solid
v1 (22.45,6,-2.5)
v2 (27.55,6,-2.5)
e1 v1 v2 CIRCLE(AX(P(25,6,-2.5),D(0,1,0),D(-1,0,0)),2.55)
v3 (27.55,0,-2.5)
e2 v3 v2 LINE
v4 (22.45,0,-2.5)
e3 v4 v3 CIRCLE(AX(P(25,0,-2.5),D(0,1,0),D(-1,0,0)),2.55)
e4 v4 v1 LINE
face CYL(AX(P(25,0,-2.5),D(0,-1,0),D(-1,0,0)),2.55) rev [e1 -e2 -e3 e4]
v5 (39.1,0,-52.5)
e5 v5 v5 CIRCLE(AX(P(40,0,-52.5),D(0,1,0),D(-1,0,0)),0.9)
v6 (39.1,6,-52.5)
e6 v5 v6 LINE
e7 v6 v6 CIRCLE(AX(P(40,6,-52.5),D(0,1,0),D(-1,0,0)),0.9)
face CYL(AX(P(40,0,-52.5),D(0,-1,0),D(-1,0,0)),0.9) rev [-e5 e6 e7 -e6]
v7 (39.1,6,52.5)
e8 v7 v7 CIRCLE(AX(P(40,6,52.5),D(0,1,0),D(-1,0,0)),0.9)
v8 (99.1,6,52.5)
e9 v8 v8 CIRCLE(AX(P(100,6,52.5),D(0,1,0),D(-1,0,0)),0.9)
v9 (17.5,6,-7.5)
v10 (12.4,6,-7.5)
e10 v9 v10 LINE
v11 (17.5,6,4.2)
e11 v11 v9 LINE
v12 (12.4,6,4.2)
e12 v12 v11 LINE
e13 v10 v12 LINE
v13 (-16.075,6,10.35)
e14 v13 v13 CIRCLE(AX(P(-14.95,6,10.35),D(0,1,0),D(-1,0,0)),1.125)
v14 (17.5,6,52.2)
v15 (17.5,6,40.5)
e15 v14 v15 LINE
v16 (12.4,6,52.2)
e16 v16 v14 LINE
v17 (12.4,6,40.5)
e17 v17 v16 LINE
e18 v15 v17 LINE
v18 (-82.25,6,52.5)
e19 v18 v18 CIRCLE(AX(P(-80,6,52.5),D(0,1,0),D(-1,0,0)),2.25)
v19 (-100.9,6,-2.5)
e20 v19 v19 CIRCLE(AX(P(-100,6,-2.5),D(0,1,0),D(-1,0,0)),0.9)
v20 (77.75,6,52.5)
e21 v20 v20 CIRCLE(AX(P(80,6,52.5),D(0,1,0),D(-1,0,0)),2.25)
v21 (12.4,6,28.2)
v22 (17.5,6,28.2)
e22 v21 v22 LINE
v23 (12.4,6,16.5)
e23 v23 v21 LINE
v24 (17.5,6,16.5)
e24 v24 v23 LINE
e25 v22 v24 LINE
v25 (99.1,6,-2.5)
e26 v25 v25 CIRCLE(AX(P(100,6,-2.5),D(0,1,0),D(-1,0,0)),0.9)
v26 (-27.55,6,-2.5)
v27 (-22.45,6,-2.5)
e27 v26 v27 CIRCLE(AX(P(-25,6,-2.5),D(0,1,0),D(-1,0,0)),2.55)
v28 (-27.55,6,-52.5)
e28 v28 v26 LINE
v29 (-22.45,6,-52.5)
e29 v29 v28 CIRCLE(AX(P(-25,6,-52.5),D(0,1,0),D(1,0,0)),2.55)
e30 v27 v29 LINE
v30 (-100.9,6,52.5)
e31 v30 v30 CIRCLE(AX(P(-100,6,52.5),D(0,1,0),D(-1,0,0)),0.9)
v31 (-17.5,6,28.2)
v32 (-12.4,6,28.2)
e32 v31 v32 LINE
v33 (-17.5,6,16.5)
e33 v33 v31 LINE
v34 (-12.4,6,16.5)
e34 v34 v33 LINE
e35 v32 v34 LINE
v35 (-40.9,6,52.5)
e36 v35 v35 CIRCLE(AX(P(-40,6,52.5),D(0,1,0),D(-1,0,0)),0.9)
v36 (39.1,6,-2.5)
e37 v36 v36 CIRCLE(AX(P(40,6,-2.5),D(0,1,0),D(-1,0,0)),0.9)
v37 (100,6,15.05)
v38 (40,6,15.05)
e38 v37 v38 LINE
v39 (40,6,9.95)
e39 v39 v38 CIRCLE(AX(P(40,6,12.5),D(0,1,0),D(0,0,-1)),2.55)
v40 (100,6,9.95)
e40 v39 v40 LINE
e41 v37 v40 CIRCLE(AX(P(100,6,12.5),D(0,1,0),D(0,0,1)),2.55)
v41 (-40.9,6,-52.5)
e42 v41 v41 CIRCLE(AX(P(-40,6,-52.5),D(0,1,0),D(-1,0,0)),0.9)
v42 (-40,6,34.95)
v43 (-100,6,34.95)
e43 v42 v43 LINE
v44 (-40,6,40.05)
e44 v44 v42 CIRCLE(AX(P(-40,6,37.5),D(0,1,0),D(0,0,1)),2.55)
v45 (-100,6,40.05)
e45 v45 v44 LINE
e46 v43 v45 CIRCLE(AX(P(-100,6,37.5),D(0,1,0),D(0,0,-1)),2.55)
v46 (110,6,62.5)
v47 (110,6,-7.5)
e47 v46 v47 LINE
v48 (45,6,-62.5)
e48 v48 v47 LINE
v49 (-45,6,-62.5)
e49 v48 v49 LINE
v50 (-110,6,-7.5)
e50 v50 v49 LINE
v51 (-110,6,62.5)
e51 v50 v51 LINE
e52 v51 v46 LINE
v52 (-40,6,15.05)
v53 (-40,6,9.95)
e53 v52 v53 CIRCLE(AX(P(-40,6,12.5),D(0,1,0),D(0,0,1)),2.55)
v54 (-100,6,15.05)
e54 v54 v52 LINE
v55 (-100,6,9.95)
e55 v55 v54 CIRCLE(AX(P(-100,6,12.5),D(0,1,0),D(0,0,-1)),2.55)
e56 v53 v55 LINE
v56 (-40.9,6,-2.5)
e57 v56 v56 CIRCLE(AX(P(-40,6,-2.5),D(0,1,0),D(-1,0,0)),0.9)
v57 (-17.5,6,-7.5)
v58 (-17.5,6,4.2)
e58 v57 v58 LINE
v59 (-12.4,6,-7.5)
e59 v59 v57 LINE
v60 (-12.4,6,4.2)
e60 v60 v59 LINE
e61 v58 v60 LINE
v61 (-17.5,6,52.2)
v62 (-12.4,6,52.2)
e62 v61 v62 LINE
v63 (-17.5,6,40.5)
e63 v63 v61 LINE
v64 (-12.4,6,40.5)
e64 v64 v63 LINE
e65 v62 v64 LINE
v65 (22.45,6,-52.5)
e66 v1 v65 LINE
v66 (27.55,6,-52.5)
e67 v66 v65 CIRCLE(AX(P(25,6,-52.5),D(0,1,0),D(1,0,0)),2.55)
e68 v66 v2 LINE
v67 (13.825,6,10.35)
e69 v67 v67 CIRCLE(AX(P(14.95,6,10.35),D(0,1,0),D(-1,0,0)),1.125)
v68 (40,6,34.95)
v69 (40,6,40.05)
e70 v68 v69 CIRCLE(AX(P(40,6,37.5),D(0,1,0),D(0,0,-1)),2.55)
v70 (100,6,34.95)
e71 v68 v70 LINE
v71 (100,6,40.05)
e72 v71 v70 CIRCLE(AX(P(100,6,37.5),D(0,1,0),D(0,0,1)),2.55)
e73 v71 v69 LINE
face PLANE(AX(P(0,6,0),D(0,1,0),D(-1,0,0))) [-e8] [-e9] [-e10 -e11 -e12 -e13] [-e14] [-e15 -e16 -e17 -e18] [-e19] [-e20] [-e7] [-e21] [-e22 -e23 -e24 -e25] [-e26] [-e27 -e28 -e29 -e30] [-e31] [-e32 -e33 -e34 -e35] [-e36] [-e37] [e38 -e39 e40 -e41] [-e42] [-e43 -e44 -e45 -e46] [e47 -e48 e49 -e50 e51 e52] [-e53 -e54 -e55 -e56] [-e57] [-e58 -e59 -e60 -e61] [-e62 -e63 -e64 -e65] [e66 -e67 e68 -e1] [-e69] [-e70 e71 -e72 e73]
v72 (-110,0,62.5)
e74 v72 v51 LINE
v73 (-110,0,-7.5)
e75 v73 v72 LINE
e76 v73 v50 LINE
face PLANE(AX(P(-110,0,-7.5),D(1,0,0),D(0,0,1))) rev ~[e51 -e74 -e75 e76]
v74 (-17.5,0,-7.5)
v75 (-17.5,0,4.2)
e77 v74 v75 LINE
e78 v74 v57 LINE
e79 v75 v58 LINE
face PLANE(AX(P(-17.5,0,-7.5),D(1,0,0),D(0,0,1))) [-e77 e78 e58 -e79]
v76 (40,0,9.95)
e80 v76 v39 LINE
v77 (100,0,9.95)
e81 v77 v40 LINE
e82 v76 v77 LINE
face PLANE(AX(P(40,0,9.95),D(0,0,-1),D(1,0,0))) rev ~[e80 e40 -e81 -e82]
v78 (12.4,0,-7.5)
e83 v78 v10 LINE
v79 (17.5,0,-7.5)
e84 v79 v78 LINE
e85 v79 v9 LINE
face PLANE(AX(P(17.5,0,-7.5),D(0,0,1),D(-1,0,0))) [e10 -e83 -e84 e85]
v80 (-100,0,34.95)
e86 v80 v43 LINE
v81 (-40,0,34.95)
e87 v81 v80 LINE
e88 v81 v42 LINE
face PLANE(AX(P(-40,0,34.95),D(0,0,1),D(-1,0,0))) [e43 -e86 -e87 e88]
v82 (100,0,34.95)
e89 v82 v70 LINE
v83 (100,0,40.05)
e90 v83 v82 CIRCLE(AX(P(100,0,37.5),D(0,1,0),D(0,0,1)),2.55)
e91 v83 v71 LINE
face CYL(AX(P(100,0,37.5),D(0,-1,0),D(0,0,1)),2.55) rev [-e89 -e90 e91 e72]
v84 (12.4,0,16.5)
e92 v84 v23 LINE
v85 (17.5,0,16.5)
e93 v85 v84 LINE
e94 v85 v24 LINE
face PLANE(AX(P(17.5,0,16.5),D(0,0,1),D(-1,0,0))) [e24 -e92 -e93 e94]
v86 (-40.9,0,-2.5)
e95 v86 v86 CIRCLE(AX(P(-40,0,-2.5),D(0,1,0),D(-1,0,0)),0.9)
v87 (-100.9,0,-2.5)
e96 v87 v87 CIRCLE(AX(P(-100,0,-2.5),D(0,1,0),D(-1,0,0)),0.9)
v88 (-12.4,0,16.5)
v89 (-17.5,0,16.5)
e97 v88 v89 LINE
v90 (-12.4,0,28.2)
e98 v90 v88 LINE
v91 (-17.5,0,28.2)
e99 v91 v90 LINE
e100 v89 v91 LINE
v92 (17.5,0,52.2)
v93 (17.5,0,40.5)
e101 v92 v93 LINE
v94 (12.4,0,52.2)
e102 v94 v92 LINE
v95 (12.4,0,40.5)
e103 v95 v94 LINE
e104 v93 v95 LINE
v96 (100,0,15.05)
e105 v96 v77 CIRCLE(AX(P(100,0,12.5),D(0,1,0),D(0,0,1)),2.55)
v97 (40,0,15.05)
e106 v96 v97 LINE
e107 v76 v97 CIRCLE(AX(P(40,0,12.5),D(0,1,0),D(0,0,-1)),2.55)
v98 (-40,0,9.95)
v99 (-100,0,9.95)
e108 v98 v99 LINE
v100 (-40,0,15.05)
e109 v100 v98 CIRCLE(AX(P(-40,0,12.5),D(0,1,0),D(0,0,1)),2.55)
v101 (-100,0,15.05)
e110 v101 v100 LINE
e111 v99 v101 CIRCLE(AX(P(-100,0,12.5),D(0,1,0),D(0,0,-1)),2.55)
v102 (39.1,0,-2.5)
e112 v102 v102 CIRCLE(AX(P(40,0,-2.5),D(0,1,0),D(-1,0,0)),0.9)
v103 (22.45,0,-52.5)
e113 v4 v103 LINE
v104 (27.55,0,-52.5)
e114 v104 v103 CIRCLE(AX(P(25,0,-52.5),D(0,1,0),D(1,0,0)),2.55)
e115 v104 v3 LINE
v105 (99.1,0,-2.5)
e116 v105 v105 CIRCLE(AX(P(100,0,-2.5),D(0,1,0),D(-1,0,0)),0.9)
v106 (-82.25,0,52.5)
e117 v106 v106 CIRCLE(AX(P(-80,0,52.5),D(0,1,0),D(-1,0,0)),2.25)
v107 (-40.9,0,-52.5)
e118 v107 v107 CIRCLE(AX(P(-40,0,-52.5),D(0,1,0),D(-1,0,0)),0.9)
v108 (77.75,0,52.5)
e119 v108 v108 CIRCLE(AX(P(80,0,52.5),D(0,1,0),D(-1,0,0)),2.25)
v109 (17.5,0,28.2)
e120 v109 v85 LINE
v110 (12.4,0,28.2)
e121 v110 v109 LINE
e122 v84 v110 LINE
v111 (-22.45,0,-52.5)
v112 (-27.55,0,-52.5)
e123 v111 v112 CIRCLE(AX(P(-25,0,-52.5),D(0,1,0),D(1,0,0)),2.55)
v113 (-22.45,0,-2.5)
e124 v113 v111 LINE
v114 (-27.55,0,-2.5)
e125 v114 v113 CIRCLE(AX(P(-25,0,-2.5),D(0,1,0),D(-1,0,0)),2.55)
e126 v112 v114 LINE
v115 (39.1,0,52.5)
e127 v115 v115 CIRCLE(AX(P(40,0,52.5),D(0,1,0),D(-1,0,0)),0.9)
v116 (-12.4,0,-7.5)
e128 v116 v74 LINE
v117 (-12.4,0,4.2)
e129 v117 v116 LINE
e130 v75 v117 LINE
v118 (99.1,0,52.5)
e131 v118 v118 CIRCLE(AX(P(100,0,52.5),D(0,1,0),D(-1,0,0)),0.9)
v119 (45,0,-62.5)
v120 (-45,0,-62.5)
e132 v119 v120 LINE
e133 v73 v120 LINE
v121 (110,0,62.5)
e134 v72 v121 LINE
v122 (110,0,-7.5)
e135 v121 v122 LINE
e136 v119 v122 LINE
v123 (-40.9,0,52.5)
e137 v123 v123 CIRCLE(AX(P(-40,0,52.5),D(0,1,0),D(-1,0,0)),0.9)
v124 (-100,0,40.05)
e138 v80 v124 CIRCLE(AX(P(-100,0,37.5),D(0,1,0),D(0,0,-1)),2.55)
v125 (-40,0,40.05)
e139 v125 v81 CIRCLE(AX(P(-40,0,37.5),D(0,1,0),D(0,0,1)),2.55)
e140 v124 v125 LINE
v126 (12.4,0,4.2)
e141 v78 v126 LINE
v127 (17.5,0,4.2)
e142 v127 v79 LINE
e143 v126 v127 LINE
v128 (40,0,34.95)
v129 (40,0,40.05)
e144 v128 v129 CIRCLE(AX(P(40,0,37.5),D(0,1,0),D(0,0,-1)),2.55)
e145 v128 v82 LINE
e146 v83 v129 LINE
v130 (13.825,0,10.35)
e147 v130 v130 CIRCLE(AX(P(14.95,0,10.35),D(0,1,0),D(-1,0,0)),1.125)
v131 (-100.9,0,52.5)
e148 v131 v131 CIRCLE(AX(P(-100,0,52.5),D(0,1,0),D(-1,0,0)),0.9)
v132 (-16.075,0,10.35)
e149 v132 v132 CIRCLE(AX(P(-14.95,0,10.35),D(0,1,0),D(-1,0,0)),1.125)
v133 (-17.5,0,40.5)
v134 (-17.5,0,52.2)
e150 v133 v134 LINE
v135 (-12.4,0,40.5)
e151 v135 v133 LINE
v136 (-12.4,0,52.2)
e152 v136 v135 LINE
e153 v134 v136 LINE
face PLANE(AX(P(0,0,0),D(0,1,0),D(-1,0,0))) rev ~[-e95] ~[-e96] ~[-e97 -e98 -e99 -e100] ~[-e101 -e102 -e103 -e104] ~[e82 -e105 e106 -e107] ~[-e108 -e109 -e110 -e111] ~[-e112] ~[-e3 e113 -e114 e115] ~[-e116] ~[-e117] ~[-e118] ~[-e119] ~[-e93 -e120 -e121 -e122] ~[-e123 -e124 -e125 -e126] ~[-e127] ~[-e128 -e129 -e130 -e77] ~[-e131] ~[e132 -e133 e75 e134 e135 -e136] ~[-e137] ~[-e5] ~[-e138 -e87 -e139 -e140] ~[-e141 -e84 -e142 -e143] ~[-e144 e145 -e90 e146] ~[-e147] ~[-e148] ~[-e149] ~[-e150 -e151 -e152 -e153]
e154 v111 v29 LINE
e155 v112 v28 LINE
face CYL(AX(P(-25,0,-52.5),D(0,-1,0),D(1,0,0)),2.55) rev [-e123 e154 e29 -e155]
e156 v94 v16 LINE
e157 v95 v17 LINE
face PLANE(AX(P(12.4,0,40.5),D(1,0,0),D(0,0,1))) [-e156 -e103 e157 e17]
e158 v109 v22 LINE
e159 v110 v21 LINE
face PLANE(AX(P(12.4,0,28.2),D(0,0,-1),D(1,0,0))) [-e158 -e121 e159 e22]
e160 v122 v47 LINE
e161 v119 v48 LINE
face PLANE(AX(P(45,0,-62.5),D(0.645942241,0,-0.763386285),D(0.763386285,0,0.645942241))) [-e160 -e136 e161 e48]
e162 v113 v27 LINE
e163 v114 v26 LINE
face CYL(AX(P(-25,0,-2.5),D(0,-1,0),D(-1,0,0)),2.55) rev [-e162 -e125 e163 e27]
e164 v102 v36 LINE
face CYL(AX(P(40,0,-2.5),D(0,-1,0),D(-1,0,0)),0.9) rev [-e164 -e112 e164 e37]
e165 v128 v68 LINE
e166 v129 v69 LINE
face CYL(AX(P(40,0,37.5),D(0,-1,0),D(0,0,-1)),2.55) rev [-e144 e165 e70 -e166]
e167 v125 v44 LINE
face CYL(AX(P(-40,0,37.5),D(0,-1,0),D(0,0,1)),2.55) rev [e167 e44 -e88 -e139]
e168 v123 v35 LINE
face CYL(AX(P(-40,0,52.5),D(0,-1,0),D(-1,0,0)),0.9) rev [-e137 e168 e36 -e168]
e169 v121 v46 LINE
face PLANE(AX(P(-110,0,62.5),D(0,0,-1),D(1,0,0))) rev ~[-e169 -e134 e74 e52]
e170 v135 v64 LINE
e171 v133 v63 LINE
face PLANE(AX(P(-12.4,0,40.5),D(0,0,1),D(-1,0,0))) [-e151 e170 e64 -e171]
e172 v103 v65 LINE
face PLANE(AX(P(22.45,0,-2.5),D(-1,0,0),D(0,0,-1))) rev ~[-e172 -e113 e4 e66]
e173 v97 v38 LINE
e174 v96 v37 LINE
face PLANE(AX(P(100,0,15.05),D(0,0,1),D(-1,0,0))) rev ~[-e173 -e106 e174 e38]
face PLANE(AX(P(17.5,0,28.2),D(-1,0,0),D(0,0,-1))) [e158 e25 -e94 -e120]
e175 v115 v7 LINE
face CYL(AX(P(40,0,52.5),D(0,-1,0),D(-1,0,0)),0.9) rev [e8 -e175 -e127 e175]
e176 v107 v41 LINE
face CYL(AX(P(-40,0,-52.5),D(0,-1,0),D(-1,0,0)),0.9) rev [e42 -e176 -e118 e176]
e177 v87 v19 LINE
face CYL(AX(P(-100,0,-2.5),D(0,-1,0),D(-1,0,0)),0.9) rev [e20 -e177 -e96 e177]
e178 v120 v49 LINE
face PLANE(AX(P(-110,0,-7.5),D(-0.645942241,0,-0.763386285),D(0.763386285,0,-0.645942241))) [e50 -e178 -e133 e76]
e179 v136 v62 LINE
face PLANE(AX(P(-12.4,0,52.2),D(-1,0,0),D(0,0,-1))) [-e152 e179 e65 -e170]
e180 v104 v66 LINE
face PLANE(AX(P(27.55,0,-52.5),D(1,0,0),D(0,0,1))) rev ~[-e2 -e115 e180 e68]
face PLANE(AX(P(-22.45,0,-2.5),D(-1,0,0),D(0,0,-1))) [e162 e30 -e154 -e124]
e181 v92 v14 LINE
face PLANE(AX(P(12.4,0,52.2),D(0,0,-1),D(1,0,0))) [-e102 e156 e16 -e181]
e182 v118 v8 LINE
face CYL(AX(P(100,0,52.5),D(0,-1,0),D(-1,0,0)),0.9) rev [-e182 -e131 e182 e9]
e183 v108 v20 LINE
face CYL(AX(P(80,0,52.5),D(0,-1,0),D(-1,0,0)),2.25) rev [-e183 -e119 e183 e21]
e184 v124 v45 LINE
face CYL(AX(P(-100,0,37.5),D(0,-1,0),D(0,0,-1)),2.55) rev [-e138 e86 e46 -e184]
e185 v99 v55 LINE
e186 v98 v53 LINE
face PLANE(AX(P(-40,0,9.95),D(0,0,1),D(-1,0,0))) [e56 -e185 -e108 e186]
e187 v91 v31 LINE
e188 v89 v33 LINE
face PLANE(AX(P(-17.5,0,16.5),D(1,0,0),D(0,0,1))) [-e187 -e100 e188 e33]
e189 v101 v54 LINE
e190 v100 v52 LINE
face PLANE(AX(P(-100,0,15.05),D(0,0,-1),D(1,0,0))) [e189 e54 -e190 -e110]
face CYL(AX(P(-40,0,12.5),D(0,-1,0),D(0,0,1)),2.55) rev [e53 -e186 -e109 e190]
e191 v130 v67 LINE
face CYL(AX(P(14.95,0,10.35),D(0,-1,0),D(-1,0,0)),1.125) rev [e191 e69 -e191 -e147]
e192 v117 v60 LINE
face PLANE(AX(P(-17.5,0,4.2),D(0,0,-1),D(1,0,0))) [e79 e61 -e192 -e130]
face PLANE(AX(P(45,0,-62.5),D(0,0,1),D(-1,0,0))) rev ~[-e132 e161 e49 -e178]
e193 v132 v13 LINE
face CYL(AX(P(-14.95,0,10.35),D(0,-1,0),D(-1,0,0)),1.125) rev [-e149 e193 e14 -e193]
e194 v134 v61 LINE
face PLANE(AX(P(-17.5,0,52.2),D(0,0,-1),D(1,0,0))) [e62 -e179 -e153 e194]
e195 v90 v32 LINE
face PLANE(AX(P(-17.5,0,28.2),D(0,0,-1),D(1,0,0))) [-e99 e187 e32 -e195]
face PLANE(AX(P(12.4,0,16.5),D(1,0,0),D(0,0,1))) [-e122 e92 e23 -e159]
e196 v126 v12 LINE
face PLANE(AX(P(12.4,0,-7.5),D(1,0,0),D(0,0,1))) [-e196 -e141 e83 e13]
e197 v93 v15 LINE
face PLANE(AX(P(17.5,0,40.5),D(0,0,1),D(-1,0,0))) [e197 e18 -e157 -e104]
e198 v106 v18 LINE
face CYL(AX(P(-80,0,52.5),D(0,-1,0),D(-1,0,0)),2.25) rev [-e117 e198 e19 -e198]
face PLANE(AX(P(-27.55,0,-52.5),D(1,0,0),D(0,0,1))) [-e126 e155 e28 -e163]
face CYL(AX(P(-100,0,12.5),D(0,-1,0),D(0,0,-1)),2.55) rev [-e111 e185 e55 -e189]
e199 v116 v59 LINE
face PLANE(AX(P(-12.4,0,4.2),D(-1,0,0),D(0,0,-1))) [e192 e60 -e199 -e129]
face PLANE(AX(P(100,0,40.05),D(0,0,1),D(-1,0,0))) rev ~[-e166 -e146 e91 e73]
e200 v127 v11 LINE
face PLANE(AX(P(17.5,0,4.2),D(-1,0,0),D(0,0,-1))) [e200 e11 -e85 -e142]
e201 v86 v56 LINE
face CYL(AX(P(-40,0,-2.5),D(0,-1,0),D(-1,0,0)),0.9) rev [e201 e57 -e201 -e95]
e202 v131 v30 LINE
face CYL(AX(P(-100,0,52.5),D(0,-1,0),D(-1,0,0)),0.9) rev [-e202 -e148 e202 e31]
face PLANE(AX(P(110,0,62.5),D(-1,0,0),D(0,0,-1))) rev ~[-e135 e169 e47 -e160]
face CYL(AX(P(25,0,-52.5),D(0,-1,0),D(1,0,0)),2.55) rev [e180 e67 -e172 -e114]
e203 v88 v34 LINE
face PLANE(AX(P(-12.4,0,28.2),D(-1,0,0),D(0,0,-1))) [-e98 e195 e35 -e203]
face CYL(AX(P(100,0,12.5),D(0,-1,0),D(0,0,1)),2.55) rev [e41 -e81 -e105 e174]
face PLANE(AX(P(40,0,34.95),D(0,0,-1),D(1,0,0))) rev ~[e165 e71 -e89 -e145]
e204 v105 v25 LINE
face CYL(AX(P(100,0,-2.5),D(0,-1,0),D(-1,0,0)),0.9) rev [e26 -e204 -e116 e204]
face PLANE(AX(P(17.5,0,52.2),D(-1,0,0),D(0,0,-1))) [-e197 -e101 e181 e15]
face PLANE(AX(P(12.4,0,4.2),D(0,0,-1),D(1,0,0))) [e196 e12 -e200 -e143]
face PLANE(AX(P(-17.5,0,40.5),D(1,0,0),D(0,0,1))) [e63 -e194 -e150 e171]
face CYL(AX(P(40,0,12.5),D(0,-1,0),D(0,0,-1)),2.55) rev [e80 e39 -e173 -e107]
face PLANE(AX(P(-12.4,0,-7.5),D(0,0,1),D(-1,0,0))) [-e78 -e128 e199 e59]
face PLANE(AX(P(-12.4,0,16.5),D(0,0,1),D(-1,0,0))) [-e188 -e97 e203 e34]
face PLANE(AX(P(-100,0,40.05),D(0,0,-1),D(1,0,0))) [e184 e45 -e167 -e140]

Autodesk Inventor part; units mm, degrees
ref_plane "YZ Plane" through (0, 0, 0) normal (1, 0, 0) x (0, 1, 0)
ref_plane "XZ Plane" through (0, 0, 0) normal (0, 1, 0) x (-1, 0, 0)
ref_plane "XY Plane" through (0, 0, 0) normal (0, 0, 1) x (1, 0, 0)
sketch "Sketch2" plane through (0, 0, 0) normal (0, 1, 0) x (-1, 0, 0)
  line L0 (110, 62.5) -> (-110, 62.5)
  line L1 (-110, 62.5) -> (-110, -62.5)
  line L2 (-110, -62.5) -> (110, -62.5)
  line L3 (110, -62.5) -> (110, 62.5)
  line L4 (110, 62.5) -> (-110, -62.5) construction
  line L5 (-110, 62.5) -> (110, -62.5) construction
  line L6 (12.4, -7.5) -> (17.5, -7.5)
  line L7 (17.5, -7.5) -> (17.5, 4.2)
  line L8 (17.5, 4.2) -> (12.4, 4.2)
  line L9 (12.4, 4.2) -> (12.4, -7.5)
  line L10 (12.4, 16.5) -> (17.5, 16.5)
  line L11 (17.5, 16.5) -> (17.5, 28.2)
  line L12 (17.5, 28.2) -> (12.4, 28.2)
  line L13 (12.4, 28.2) -> (12.4, 16.5)
  line L14 (12.4, 40.5) -> (17.5, 40.5)
  line L15 (17.5, 40.5) -> (17.5, 52.2)
  line L16 (17.5, 52.2) -> (12.4, 52.2)
  line L17 (12.4, 52.2) -> (12.4, 40.5)
  line L18 (-17.5, -7.5) -> (-12.4, -7.5)
  line L19 (-12.4, -7.5) -> (-12.4, 4.2)
  line L20 (-12.4, 4.2) -> (-17.5, 4.2)
  line L21 (-17.5, 4.2) -> (-17.5, -7.5)
  line L22 (-17.5, 16.5) -> (-12.4, 16.5)
  line L23 (-12.4, 16.5) -> (-12.4, 28.2)
  line L24 (-12.4, 28.2) -> (-17.5, 28.2)
  line L25 (-17.5, 28.2) -> (-17.5, 16.5)
  line L26 (-17.5, 40.5) -> (-12.4, 40.5)
  line L27 (-12.4, 40.5) -> (-12.4, 52.2)
  line L28 (-12.4, 52.2) -> (-17.5, 52.2)
  line L29 (-17.5, 52.2) -> (-17.5, 40.5)
  line L30 (0, 0) -> (0, -18.9718)
  line L31 (25, -2.5) -> (25, -52.5) construction
  line L32 (22.45, -2.5) -> (22.45, -52.5)
  line L33 (27.55, -52.5) -> (27.55, -2.5)
  arc A0 (27.55, -2.5) -> (22.45, -2.5) centre (25, -2.5) ccw
  arc A1 (22.45, -52.5) -> (27.55, -52.5) centre (25, -52.5) ccw
  line L34 (100, 12.5) -> (40, 12.5) construction
  line L35 (100, 15.05) -> (40, 15.05)
  line L36 (40, 9.95) -> (100, 9.95)
  arc A2 (100, 9.95) -> (100, 15.05) centre (100, 12.5) ccw
  arc A3 (40, 15.05) -> (40, 9.95) centre (40, 12.5) ccw
  line L37 (100, 37.5) -> (40, 37.5) construction
  line L38 (100, 40.05) -> (40, 40.05)
  line L39 (40, 34.95) -> (100, 34.95)
  arc A4 (100, 34.95) -> (100, 40.05) centre (100, 37.5) ccw
  arc A5 (40, 40.05) -> (40, 34.95) centre (40, 37.5) ccw
  line L40 (-25, -2.5) -> (-25, -52.5) construction
  line L41 (-22.45, -2.5) -> (-22.45, -52.5)
  line L42 (-27.55, -52.5) -> (-27.55, -2.5)
  arc A6 (-22.45, -2.5) -> (-27.55, -2.5) centre (-25, -2.5) ccw
  arc A7 (-27.55, -52.5) -> (-22.45, -52.5) centre (-25, -52.5) ccw
  line L43 (-100, 12.5) -> (-40, 12.5) construction
  line L44 (-100, 15.05) -> (-40, 15.05)
  line L45 (-40, 9.95) -> (-100, 9.95)
  arc A8 (-100, 15.05) -> (-100, 9.95) centre (-100, 12.5) ccw
  arc A9 (-40, 9.95) -> (-40, 15.05) centre (-40, 12.5) ccw
  line L46 (-100, 37.5) -> (-40, 37.5) construction
  line L47 (-100, 40.05) -> (-40, 40.05)
  line L48 (-40, 34.95) -> (-100, 34.95)
  arc A10 (-100, 40.05) -> (-100, 34.95) centre (-100, 37.5) ccw
  arc A11 (-40, 34.95) -> (-40, 40.05) centre (-40, 37.5) ccw
  circle A12 centre (80, 52.5) radius 2.25
  circle A13 centre (-80, 52.5) radius 2.25
  line L49 (110, -7.5) -> (45, -62.5)
  line L50 (-45, -62.5) -> (-110, -7.5)
  circle A14 centre (100, 52.5) radius 0.9
  circle A15 centre (40, -52.5) radius 0.9
  circle A16 centre (100, -2.5) radius 0.9
  circle A17 centre (40, -2.5) radius 0.9
  circle A18 centre (40, 52.5) radius 0.9
  circle A19 centre (-100, 52.5) radius 0.9
  circle A20 centre (-40, -52.5) radius 0.9
  circle A21 centre (-100, -2.5) radius 0.9
  circle A22 centre (-40, -2.5) radius 0.9
  circle A23 centre (-40, 52.5) radius 0.9
  circle A24 centre (14.95, 10.35) radius 1.125
  circle A25 centre (-14.95, 10.35) radius 1.125
  point P0 (25, -27.5)
  point P1 (70, 12.5)
  point P2 (70, 37.5)
  point P3 (-25, -27.5)
  point P4 (-70, 12.5)
  point P5 (-70, 37.5)
  dimension "d52" = 220
  dimension "d53" = 125
  dimension "d54" = 11.7
  dimension "d55" = 5.1
  dimension "d58" = 24
  dimension "d61" = 29.9
  dimension "d65" = 55
  dimension "d66" = 5.1
  dimension "d68" = 100
  dimension "d69" = 115
  dimension "d70" = 40
  dimension "d71" = 65
  dimension "d72" = 15
  dimension "d73" = 25
  dimension "d75" = 15
  dimension "d76" = 4.5
  dimension "d79" = 30
  dimension "d80" = 10
  dimension "d81" = 20
  dimension "d82" = 20
  dimension "d83" = 1.8
  dimension "d84" = 1.8
  dimension "d85" = 1.8
  dimension "d86" = 1.8
  dimension "d87" = 1.8
  dimension "d88" = 2.25
  dimension "d89" = 2.55
  dimension "d90" = 6.15
extrude "Extrusion2" add sketch "Sketch2" along normal blind 6 contours L3 L49 L2 L50 L1 L0
properties part number "phone_holder_back" material "Acrylic, Clear"
